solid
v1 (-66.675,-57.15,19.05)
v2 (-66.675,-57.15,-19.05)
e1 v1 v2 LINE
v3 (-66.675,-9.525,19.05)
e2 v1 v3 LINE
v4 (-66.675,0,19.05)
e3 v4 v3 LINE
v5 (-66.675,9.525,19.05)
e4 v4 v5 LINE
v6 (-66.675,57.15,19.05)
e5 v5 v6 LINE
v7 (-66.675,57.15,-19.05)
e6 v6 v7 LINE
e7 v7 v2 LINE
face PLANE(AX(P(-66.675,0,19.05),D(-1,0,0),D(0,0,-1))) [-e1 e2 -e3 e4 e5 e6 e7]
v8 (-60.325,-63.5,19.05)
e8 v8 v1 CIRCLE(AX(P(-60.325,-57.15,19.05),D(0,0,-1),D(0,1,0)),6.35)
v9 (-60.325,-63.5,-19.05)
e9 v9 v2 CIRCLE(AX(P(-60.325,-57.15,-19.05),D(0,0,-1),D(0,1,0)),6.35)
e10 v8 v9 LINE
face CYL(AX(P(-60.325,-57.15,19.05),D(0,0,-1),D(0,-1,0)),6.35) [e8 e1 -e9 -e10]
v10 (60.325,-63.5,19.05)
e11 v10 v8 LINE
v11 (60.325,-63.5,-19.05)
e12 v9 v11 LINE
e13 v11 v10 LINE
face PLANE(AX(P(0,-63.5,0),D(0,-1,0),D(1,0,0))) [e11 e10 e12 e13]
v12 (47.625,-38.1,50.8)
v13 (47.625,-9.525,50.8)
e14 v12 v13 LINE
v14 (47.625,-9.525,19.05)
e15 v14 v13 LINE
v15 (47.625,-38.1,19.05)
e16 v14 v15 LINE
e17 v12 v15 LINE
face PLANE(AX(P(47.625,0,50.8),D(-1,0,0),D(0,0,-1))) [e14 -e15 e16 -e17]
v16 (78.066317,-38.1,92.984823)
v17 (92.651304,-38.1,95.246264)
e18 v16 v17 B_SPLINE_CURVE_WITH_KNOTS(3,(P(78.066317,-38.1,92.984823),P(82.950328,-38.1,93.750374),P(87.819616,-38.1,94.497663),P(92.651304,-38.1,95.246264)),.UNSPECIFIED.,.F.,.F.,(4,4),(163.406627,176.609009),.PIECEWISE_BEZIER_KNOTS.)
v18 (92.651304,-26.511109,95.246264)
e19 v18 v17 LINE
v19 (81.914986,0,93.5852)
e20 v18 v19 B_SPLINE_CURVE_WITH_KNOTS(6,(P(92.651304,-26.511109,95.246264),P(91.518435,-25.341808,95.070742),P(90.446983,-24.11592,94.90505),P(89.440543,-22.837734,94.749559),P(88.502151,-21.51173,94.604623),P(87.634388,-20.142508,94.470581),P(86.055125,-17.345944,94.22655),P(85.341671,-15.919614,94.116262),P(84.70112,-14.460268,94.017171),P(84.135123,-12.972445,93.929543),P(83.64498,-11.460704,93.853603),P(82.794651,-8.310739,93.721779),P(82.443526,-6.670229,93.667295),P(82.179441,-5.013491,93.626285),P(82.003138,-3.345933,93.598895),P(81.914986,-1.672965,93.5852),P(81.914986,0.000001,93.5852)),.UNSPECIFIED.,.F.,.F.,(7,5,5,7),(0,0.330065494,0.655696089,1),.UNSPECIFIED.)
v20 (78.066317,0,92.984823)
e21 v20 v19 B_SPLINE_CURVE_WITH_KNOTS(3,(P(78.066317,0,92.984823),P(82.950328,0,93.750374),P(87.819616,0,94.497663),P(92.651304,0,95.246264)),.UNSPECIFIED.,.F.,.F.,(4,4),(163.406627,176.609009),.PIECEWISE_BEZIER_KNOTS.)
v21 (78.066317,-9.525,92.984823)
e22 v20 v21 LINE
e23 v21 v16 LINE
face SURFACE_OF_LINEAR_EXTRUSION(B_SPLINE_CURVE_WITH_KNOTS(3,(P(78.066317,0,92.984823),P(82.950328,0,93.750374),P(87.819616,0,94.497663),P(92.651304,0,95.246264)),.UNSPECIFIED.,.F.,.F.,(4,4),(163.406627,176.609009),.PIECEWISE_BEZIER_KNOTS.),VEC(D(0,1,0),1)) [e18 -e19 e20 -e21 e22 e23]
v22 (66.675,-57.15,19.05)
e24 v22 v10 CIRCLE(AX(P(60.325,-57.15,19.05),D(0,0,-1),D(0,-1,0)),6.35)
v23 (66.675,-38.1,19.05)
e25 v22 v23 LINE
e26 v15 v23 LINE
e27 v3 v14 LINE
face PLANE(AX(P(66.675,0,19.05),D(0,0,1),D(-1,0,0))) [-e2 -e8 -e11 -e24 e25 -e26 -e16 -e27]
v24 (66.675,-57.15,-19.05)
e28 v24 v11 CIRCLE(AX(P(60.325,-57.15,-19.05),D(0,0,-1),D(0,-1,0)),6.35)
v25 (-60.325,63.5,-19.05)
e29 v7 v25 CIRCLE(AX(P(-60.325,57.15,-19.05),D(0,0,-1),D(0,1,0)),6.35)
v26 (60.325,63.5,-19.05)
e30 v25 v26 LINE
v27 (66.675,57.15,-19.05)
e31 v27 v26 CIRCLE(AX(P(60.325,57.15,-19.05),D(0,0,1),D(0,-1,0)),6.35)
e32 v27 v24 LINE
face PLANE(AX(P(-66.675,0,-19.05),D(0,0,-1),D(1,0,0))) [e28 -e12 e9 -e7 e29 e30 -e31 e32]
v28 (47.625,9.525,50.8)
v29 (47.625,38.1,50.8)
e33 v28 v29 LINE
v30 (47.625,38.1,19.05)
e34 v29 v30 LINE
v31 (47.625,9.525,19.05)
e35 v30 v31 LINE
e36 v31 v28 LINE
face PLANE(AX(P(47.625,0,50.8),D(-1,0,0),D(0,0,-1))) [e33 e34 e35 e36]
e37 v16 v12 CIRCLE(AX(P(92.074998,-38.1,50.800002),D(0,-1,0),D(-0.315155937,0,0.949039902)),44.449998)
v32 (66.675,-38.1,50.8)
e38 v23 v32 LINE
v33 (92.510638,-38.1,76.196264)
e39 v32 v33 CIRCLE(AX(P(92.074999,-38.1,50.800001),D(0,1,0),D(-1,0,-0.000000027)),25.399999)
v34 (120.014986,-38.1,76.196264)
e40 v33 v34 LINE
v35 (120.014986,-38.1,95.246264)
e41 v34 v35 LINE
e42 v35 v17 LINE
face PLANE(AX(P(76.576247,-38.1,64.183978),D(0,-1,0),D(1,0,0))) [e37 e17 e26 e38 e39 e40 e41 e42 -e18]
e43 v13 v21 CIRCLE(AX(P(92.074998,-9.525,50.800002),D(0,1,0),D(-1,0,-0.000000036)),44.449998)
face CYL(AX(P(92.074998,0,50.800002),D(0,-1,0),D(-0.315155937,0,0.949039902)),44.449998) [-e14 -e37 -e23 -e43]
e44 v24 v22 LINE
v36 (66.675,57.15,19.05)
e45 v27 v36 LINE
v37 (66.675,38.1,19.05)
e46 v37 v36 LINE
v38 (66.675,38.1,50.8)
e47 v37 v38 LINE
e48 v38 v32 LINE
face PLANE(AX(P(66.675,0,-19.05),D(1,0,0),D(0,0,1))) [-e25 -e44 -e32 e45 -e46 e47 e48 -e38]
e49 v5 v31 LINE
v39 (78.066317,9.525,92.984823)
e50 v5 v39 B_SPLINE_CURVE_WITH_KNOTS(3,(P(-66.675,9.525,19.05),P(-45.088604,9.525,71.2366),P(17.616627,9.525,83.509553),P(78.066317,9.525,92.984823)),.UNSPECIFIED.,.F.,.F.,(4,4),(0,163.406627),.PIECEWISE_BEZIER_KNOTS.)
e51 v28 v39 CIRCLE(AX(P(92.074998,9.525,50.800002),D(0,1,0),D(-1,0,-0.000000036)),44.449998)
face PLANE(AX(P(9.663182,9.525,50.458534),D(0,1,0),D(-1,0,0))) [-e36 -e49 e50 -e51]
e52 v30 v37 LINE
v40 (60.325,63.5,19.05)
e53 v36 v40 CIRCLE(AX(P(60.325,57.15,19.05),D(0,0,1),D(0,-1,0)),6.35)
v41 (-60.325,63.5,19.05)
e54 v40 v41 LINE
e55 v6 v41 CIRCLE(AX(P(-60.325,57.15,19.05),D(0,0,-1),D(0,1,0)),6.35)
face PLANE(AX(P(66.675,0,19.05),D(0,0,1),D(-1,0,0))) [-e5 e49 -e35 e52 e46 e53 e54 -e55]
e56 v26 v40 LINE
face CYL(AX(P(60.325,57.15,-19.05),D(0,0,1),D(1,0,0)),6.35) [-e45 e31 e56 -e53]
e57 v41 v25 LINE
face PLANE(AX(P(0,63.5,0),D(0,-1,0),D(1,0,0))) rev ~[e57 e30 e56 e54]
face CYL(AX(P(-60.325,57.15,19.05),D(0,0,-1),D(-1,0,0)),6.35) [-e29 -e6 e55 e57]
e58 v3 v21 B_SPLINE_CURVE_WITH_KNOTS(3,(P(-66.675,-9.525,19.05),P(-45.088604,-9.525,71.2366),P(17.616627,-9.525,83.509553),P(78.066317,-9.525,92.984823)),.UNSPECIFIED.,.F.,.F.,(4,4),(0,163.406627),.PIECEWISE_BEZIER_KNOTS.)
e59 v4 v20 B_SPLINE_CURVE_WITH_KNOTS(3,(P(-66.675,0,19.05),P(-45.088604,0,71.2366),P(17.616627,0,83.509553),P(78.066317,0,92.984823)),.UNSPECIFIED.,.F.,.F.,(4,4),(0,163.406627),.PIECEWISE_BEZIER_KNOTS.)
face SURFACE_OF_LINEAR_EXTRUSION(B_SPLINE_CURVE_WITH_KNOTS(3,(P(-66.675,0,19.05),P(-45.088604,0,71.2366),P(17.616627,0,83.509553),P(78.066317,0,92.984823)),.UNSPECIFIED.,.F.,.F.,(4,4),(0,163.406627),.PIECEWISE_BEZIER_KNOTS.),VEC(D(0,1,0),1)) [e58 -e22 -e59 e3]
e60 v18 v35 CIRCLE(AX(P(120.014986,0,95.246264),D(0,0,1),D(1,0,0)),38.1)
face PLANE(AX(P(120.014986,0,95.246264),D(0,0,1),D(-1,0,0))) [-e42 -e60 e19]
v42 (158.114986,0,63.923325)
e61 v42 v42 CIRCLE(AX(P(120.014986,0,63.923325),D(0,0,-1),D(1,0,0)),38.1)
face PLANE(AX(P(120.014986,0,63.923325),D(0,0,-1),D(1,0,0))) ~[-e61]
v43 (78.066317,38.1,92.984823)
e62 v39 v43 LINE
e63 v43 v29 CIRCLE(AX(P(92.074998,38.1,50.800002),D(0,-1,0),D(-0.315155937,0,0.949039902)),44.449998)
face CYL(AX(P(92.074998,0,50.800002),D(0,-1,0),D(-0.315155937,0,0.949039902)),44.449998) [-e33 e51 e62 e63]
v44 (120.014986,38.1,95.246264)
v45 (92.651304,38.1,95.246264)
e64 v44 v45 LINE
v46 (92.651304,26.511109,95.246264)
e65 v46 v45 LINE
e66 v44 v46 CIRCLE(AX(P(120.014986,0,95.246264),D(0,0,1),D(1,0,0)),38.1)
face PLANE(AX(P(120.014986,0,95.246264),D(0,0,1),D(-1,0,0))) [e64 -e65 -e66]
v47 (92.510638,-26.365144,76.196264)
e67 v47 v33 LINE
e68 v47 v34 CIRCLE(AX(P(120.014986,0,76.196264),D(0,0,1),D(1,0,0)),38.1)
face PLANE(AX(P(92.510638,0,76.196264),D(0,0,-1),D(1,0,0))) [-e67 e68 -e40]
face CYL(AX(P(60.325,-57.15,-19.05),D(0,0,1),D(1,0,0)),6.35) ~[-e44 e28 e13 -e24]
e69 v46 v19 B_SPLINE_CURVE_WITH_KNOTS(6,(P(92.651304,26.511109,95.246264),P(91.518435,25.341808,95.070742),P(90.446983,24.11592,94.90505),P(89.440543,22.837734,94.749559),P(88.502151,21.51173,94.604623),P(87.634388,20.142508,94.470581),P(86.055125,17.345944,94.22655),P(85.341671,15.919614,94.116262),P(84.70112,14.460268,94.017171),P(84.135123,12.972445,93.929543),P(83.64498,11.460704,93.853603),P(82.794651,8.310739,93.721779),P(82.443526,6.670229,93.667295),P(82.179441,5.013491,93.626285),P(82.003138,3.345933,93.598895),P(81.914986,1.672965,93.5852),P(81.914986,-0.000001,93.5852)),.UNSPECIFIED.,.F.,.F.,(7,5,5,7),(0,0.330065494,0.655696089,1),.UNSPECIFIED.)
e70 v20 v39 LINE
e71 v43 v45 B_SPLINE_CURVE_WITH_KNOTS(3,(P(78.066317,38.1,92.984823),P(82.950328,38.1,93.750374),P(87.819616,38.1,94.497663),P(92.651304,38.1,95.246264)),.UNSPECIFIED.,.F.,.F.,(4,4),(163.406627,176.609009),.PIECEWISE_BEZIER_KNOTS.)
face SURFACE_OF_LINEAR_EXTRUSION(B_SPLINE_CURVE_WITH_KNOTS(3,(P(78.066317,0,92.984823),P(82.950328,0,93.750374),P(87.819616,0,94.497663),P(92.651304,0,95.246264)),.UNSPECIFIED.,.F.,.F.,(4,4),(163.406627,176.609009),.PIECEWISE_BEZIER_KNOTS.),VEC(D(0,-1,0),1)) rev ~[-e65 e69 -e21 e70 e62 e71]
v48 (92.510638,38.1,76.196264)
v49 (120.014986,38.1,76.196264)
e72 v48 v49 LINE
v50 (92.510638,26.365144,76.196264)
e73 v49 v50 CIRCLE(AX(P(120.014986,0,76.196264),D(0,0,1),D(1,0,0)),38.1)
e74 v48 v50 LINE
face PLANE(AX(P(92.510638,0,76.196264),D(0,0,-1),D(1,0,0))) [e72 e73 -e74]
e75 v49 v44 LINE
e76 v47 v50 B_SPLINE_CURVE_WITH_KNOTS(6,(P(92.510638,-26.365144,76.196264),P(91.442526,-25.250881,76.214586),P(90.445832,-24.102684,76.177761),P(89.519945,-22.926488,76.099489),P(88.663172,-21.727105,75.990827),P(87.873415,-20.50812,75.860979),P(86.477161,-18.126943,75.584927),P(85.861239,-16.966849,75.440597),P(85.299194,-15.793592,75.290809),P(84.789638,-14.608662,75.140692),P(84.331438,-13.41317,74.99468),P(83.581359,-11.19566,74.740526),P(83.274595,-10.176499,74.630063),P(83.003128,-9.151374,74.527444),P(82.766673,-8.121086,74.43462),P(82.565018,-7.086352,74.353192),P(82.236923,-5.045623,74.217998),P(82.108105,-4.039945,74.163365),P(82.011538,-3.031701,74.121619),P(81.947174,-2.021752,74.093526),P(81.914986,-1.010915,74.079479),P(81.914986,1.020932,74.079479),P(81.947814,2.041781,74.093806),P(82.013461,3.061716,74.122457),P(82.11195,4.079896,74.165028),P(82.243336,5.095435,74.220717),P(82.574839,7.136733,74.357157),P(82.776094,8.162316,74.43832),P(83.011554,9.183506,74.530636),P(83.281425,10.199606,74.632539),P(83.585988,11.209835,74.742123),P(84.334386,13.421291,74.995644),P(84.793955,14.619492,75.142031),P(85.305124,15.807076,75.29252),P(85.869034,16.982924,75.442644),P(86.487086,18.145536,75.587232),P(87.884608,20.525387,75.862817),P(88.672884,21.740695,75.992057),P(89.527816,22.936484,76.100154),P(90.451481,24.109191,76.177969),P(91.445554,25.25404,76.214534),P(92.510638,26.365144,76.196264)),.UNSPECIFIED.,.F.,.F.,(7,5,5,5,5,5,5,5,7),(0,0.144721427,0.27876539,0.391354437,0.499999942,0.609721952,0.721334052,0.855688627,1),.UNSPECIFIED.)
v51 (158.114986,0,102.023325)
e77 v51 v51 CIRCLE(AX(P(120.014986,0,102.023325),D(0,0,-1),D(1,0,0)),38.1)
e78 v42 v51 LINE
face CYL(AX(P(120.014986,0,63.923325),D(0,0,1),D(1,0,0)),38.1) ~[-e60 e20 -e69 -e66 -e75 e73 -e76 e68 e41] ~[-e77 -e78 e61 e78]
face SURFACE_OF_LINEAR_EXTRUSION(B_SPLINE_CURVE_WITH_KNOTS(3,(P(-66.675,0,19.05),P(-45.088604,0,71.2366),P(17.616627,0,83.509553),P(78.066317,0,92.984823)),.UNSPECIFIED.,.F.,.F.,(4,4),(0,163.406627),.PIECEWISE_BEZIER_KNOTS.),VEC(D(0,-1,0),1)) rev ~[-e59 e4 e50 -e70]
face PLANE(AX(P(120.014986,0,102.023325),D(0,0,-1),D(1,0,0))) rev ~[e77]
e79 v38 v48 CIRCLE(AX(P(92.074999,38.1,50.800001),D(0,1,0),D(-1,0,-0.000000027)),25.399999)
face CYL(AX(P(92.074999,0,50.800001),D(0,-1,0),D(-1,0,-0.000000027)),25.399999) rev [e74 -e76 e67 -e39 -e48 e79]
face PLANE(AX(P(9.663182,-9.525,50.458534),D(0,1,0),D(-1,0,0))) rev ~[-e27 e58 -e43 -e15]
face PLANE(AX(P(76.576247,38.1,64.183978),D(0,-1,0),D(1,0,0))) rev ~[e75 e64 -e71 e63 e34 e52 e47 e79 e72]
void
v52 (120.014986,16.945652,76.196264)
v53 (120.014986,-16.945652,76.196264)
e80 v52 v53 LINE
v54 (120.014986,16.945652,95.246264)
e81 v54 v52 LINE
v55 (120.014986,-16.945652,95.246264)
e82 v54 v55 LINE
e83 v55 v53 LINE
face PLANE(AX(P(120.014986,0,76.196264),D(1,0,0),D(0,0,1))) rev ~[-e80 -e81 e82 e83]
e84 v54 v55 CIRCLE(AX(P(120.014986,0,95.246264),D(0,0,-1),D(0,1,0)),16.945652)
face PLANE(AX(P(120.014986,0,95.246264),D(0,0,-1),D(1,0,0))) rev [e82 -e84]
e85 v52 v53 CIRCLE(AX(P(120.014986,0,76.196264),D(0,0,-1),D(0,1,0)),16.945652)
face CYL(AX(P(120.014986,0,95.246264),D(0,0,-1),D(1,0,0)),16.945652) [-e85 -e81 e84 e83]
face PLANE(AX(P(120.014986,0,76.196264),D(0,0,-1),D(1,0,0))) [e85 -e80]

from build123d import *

# Parameters (mm, degrees)
F1_DEPTH = 63.5
F2_DEPTH = 9.525
F3_DEPTH = 38.1
F5_R     = 6.35


with BuildPart() as f1:
    # F0 (on Front) → F1 (new body, symmetric)
    with BuildSketch(Plane.XZ):
        Polygon((47.625, 19.05), (-66.675, 19.05), (-66.675, -19.05), (66.675, -19.05), (66.675, 19.05), align=None)
    extrude(amount=F1_DEPTH, both=True)

    # F0 (on Front) → F2 (join, symmetric)
    with BuildSketch(Plane.XZ):
        with BuildLine():
            add(Edge.make_bspline(
                [(-66.675, 19.05), (-45.088604, 71.2366), (17.616627, 83.509553), (78.066317, 92.984823)],
                knots=[0, 0, 0, 0, 163.406627, 163.406627, 163.406627, 163.406627], degree=3))
            Line((-66.675, 19.05), (47.625, 19.05))
            Line((47.625, 19.05), (47.625, 50.8))
            ThreePointArc((47.625, 50.8), (56.029969, 76.810734), (78.066317, 92.984823))
        make_face()
    extrude(amount=F2_DEPTH, both=True)

    # F0 (on Front) → F3 (join, symmetric)
    with BuildSketch(Plane.XZ):
        with BuildLine():
            Line((47.625, 50.8), (47.625, 19.05))
            Line((47.625, 19.05), (66.675, 19.05))
            Line((66.675, 19.05), (66.675, 50.8))
            ThreePointArc((66.675, 50.8), (74.269175, 68.913879), (92.510638, 76.196264))
            Line((92.510638, 76.196264), (120.014986, 76.196264))
            Line((120.014986, 76.196264), (120.014986, 95.246264))
            Line((120.014986, 95.246264), (92.651304, 95.246264))
            add(Edge.make_bspline(
                [(78.066317, 92.984823), (82.950328, 93.750374), (87.819616, 94.497663), (92.651304, 95.246264)],
                knots=[163.406627, 163.406627, 163.406627, 163.406627, 176.609009, 176.609009, 176.609009, 176.609009], degree=3))
            ThreePointArc((78.066317, 92.984823), (56.029969, 76.810734), (47.625, 50.8))
        make_face()
    extrude(amount=F3_DEPTH, both=True)

    # F0 (on Front) → F4 (revolve)
    with BuildSketch(Plane.XZ):
        Polygon((120.014986, 102.023325), (120.014986, 95.246264), (136.960638, 95.246264), (136.960638, 76.196264), (120.014986, 76.196264), (120.014986, 63.923325), (158.114986, 63.923325), (158.114986, 102.023325), align=None)
    revolve(axis=Axis((120.014986, 0, 82.973325), (0, 0, -1)))

    # F5
    f5_edges = [f1.edges().sort_by_distance(p)[0] for p in [
        (-66.675, -63.5, 0),
        (66.675, -63.5, 0),
        (66.675, 63.5, 0),
        (-66.675, 63.5, 0),
    ]]
    fillet(f5_edges, radius=F5_R)


solid = f1.part
